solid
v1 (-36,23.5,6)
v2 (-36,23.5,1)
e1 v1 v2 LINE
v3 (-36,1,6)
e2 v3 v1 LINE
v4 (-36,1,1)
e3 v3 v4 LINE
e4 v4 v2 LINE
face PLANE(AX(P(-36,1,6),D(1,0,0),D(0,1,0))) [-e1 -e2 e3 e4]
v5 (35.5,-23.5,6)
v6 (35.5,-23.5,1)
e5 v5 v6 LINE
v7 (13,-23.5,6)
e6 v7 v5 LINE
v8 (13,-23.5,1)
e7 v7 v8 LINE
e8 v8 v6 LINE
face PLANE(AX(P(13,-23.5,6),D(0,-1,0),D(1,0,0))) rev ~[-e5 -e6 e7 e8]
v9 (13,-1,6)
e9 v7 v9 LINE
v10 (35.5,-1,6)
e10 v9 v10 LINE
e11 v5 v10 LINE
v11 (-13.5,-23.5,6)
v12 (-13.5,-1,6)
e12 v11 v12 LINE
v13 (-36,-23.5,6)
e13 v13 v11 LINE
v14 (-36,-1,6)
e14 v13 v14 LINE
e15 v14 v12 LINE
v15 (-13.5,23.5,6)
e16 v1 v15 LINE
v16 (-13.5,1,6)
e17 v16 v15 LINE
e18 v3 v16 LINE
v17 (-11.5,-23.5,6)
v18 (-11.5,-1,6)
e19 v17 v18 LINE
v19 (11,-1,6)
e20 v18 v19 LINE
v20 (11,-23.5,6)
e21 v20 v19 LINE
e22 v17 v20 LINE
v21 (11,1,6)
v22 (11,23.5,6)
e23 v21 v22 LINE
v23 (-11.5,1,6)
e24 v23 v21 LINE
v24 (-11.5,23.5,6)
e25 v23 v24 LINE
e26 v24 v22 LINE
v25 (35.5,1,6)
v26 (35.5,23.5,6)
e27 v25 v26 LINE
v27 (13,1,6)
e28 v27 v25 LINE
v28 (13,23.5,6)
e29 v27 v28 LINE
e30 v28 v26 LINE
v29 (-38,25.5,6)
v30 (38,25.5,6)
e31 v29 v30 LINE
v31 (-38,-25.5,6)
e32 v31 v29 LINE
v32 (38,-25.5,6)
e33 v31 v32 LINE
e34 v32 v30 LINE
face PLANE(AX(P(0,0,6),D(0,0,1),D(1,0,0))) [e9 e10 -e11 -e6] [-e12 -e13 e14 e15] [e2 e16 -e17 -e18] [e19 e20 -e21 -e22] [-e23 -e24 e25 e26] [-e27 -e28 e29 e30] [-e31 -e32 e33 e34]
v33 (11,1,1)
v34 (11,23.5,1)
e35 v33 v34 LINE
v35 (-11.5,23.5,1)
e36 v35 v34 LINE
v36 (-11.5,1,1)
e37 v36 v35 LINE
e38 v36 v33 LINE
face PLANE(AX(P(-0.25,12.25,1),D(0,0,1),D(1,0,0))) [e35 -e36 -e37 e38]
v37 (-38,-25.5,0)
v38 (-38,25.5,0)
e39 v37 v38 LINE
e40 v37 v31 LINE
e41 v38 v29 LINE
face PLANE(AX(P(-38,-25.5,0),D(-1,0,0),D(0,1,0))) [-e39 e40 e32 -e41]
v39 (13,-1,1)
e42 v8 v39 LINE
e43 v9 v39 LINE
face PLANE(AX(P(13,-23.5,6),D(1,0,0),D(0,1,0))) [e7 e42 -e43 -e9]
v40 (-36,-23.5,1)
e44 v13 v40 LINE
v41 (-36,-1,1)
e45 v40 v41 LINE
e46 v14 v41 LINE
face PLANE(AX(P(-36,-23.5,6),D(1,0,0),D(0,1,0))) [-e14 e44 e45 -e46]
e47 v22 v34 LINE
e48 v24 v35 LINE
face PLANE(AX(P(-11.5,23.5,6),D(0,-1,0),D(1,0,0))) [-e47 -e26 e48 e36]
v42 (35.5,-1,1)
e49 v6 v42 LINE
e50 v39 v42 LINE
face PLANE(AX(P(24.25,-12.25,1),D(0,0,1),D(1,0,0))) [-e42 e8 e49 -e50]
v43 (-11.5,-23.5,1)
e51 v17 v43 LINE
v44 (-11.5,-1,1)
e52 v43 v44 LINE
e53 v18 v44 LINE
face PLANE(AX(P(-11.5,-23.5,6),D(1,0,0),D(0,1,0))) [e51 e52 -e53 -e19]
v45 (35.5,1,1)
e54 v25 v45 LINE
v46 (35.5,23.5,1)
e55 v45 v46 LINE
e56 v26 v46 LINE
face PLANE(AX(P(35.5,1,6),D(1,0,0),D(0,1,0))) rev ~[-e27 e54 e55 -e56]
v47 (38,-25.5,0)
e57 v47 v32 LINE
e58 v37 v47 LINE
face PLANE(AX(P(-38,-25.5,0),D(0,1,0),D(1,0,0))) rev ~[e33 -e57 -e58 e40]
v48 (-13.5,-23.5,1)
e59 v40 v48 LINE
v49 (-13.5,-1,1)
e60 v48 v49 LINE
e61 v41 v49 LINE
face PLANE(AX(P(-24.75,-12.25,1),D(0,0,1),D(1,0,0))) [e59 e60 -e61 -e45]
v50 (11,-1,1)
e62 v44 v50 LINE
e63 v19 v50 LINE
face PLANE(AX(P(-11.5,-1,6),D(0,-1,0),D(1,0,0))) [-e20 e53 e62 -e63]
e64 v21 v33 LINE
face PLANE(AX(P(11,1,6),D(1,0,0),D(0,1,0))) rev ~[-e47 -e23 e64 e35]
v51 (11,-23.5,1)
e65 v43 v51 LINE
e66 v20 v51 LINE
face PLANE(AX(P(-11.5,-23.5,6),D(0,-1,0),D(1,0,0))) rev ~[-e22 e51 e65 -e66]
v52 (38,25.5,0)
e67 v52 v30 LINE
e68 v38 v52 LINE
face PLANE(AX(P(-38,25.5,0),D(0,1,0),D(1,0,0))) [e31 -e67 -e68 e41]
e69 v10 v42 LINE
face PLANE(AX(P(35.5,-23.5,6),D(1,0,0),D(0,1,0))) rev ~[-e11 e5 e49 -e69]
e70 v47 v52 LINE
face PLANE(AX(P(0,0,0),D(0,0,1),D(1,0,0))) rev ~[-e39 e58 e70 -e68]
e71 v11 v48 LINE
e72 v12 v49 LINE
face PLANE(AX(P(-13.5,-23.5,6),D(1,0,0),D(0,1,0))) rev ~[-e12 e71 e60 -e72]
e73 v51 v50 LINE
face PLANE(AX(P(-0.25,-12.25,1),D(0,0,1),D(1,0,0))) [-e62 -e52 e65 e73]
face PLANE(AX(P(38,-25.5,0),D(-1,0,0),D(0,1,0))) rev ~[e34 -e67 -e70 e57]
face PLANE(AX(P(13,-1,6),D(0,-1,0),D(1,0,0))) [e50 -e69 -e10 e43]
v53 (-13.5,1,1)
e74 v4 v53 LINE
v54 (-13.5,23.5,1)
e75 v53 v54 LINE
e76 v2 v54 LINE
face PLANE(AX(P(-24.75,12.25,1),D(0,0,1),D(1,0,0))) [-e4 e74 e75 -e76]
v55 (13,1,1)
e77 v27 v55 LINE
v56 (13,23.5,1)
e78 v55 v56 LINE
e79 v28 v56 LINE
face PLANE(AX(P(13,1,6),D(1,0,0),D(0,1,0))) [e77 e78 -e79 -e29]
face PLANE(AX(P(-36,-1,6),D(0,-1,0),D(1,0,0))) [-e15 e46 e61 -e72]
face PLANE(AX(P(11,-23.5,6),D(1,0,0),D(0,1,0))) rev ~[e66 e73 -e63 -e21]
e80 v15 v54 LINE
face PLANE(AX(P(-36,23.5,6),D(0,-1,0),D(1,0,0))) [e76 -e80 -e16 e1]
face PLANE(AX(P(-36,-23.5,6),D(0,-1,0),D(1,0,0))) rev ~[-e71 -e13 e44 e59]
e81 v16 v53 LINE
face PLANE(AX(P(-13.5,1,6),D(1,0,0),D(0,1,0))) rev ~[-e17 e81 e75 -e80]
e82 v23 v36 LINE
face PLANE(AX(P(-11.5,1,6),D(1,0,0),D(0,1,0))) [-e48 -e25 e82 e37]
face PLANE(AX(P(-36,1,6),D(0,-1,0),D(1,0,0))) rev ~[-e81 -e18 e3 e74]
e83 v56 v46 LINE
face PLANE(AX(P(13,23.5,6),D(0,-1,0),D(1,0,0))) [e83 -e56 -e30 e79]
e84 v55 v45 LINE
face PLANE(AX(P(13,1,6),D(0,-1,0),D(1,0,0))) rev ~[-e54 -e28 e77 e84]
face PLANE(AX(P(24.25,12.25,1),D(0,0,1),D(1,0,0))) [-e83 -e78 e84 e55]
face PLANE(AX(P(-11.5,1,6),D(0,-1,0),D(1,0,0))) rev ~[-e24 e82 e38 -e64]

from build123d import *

# Parameters (mm, degrees)
F0_W     = 76
F0_H     = 51
F1_DEPTH = 6
F2_W     = 22.5
F2_H     = 22.5
F3_DEPTH = 5


with BuildPart() as f1:
    # F0 (on Top) → F1 (new body)
    with BuildSketch(Plane.XY):
        Rectangle(F0_W, F0_H)
    extrude(amount=F1_DEPTH)

    # F2 (on face) → F3 (cut)
    with BuildSketch(Plane.XY.offset(6)):
        with Locations((-24.75, 12.25)):
            Rectangle(F2_W, F2_H)
        with Locations((24.25, 12.25)):
            Rectangle(F2_W, F2_H)
        with Locations((-24.75, -12.25)):
            Rectangle(F2_W, F2_H)
        with Locations((-0.25, 12.25)):
            Rectangle(F2_W, F2_H)
        with Locations((-0.25, -12.25)):
            Rectangle(F2_W, F2_H)
        with Locations((24.25, -12.25)):
            Rectangle(F2_W, F2_H)
    extrude(amount=-F3_DEPTH, mode=Mode.SUBTRACT)


solid = f1.part
